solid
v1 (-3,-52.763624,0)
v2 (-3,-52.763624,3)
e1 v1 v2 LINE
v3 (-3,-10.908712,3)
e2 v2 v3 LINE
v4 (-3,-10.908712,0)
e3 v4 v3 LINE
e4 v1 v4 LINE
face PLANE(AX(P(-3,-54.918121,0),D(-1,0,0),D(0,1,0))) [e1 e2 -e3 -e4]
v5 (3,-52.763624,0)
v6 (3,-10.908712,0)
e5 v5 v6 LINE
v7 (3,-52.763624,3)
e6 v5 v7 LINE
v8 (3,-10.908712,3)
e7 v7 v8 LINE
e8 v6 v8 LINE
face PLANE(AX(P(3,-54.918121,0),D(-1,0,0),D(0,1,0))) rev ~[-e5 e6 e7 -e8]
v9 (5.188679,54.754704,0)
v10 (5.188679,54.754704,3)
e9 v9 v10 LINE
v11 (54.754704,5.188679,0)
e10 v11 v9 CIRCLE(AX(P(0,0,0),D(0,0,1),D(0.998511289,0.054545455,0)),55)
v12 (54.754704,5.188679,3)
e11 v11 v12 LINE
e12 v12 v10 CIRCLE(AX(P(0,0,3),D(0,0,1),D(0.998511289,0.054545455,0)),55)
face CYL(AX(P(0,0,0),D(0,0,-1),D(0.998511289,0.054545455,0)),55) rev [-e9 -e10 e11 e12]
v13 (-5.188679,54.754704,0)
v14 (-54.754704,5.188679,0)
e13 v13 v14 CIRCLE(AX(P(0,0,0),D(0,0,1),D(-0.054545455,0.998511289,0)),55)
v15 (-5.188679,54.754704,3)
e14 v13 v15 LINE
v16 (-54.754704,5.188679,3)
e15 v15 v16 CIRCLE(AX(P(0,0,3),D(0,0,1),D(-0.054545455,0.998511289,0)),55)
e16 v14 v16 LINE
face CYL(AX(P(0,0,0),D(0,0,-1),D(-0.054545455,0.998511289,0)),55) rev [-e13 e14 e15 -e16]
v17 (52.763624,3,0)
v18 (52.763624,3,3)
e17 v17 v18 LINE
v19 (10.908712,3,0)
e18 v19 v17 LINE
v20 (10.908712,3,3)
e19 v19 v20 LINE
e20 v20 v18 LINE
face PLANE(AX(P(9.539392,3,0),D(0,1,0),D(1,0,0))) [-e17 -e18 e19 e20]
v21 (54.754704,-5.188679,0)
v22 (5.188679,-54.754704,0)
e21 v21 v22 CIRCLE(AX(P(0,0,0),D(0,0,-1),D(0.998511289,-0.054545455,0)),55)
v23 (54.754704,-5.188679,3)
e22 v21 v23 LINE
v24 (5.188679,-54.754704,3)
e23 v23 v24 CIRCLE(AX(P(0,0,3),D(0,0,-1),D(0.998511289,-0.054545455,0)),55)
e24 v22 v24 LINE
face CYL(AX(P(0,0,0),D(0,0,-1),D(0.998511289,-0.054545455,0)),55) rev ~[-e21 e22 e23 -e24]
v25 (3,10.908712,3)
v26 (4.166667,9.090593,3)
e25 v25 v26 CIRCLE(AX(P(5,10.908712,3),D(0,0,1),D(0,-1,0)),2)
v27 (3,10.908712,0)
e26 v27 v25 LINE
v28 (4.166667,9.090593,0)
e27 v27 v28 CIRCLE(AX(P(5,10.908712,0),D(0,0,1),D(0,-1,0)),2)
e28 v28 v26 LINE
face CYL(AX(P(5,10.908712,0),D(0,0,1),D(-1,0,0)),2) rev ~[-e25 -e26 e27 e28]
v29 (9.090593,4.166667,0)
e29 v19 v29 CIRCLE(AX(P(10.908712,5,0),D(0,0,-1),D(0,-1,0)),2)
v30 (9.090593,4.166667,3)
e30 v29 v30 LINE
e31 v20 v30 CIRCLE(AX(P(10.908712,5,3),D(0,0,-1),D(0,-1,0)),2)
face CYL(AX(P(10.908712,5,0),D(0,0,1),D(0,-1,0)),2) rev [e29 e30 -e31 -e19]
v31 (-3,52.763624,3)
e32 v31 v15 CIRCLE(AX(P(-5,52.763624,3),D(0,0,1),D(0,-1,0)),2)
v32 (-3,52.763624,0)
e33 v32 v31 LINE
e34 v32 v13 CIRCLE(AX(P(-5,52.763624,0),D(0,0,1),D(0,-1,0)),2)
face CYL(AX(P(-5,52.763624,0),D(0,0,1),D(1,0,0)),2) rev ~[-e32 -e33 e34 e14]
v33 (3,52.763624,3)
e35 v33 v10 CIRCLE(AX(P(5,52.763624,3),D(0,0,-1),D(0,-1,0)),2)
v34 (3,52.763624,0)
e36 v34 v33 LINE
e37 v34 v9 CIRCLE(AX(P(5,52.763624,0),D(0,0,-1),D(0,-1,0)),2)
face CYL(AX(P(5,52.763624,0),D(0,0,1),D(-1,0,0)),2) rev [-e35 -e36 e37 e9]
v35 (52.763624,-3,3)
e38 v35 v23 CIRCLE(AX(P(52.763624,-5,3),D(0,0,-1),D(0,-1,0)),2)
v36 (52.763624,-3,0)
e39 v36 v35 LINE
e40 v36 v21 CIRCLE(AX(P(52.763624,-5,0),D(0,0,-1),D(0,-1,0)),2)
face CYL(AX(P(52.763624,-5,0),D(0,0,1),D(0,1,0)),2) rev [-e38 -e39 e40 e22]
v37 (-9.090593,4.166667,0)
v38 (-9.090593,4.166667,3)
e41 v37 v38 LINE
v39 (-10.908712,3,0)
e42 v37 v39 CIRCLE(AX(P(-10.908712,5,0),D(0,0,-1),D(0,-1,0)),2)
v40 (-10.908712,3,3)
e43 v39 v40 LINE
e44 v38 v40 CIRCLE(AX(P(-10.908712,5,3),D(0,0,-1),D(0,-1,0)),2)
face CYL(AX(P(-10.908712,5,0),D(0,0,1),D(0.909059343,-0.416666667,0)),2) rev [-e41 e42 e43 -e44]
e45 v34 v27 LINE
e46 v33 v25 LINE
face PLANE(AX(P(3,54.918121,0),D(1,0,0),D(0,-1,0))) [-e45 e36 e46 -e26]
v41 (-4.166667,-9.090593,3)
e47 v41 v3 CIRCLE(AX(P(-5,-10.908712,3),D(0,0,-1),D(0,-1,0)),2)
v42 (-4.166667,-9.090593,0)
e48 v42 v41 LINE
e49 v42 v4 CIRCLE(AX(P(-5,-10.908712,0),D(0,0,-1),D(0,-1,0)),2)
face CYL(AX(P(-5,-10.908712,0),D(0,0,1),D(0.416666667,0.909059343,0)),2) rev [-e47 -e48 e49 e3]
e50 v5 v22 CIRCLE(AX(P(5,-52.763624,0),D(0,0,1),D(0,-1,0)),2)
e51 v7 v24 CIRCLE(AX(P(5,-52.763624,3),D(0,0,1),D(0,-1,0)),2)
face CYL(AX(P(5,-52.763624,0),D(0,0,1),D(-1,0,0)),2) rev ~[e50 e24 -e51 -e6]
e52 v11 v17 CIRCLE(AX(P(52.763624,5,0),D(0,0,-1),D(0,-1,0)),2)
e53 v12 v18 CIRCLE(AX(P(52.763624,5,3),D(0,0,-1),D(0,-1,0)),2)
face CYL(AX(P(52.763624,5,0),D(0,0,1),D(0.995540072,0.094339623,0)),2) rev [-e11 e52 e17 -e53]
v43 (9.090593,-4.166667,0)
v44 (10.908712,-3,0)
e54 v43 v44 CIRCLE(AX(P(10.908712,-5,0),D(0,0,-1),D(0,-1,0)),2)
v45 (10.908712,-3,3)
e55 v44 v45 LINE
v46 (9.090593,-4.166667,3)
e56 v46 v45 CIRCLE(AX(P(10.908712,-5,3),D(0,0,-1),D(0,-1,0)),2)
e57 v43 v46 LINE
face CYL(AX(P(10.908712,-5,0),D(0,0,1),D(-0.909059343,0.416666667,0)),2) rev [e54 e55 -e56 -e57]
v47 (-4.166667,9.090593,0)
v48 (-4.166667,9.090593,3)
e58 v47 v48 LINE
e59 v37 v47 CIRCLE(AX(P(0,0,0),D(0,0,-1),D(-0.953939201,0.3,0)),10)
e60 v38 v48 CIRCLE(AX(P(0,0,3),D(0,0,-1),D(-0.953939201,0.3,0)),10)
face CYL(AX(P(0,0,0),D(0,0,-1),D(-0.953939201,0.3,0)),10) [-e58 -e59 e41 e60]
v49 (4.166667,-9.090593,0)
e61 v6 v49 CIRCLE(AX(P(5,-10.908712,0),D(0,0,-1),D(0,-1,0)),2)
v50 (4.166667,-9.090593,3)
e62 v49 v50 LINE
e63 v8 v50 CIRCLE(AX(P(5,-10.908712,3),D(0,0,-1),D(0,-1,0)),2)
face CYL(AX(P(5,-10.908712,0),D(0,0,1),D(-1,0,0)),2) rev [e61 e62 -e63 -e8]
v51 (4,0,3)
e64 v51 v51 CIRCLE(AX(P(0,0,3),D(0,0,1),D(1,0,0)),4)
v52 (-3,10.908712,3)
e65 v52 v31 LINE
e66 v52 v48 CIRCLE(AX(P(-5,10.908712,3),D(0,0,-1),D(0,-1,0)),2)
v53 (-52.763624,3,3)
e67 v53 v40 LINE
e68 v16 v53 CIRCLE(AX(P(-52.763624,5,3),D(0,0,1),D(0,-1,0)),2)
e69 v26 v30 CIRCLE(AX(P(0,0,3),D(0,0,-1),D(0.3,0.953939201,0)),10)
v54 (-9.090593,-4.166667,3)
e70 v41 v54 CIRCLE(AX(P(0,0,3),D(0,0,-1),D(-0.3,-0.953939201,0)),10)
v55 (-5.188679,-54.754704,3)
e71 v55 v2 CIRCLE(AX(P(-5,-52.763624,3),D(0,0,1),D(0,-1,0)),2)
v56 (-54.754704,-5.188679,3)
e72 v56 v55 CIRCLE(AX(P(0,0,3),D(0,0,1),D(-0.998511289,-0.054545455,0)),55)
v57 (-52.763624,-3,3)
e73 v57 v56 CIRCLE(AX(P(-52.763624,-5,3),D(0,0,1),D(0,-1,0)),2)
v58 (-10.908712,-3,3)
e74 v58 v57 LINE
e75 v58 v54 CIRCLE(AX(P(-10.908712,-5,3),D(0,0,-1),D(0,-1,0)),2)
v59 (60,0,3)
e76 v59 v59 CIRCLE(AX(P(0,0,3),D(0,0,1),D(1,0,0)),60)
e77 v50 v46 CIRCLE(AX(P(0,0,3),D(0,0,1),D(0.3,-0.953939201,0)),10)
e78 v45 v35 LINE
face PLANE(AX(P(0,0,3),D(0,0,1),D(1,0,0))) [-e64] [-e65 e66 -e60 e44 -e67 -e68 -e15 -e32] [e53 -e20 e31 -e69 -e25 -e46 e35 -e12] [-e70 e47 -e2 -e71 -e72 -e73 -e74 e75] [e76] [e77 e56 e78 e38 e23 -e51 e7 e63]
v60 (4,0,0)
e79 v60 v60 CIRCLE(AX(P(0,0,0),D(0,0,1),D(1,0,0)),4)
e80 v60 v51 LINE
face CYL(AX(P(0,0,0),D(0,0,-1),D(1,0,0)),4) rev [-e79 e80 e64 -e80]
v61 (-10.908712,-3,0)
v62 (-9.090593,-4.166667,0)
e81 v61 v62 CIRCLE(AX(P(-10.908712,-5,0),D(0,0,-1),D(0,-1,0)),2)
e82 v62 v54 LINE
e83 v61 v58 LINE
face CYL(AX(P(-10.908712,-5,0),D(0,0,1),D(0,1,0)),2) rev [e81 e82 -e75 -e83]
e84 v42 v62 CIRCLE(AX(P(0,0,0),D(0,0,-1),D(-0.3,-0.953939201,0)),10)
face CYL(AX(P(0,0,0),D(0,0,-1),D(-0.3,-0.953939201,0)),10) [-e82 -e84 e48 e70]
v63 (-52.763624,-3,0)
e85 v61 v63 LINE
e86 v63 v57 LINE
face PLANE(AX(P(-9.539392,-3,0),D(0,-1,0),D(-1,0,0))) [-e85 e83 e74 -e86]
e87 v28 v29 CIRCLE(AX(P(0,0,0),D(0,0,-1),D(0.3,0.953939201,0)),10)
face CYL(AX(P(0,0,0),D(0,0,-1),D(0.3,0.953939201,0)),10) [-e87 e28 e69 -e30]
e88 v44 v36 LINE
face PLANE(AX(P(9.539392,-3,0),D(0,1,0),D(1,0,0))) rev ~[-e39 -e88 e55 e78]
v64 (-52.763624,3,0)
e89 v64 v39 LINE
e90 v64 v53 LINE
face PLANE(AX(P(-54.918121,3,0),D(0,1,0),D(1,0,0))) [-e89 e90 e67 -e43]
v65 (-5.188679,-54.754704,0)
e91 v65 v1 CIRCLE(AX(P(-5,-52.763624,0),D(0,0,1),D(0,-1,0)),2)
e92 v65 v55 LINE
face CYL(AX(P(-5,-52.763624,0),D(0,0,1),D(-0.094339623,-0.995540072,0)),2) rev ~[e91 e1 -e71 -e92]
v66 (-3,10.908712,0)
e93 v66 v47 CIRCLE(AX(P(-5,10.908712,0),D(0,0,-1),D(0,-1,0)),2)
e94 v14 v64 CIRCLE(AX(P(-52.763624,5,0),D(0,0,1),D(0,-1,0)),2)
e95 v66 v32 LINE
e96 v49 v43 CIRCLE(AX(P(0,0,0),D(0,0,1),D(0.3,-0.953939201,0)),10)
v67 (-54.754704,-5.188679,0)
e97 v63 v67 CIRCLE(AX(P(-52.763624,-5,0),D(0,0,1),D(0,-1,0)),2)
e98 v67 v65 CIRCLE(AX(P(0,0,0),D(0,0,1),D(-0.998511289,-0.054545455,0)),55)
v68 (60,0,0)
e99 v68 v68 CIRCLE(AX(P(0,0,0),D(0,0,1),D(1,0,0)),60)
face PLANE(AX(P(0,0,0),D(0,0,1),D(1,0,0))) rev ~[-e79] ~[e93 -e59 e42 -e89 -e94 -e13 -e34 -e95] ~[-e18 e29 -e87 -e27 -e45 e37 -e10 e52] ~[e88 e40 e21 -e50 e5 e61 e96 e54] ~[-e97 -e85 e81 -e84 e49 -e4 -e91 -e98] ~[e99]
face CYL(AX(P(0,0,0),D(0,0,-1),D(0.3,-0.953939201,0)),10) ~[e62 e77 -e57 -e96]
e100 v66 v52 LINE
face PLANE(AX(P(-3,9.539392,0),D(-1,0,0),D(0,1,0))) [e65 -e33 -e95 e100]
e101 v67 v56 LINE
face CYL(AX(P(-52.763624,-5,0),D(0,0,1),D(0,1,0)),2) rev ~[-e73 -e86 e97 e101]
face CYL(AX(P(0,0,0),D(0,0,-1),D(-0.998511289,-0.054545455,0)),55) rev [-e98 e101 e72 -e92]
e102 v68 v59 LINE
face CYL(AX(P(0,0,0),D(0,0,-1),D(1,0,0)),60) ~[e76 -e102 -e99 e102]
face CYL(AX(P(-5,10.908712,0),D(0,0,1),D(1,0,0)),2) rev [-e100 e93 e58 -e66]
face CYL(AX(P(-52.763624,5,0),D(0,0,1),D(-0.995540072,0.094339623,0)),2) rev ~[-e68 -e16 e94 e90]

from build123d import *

# Parameters (mm, degrees)
SKETCH_1_R      = 60
SKETCH_1_R_2    = 4
EXTRUDE_1_DEPTH = 3
FILLET_1_R      = 2
FILLET_2_R      = 2
FILLET_4_R      = 2


with BuildPart() as part:
    # 草图1 → 凸台-拉伸1 (new body)
    with BuildSketch(Plane.XY):
        Circle(SKETCH_1_R)
        Circle(SKETCH_1_R_2, mode=Mode.SUBTRACT)
        with BuildLine():
            Line((3, 54.918120871), (3, 9.539392014))
            ThreePointArc((3, 9.539392014), (7.071067812, 7.071067812), (9.539392014, 3))
            Line((9.539392014, 3), (54.918120871, 3))
            ThreePointArc((54.918120871, 3), (38.890872965, 38.890872965), (3, 54.918120871))
        make_face(mode=Mode.SUBTRACT)
        with BuildLine():
            Line((-9.539392014, -3), (-54.918120871, -3))
            ThreePointArc((-54.918120871, -3), (-38.890872965, -38.890872965), (-3, -54.918120871))
            Line((-3, -54.918120871), (-3, -9.539392014))
            ThreePointArc((-3, -9.539392014), (-7.071067812, -7.071067812), (-9.539392014, -3))
        make_face(mode=Mode.SUBTRACT)
        with BuildLine():
            Line((9.539392014, -3), (54.918120871, -3))
            ThreePointArc((54.918120871, -3), (38.890872965, -38.890872965), (3, -54.918120871))
            Line((3, -54.918120871), (3, -9.539392014))
            ThreePointArc((3, -9.539392014), (7.071067812, -7.071067812), (9.539392014, -3))
        make_face(mode=Mode.SUBTRACT)
        with BuildLine():
            Line((-3, 9.539392014), (-3, 54.918120871))
            ThreePointArc((-3, 54.918120871), (-38.890872965, 38.890872965), (-54.918120871, 3))
            Line((-54.918120871, 3), (-9.539392014, 3))
            ThreePointArc((-9.539392014, 3), (-7.071067812, 7.071067812), (-3, 9.539392014))
        make_face(mode=Mode.SUBTRACT)
    extrude(amount=EXTRUDE_1_DEPTH)

    # 圆角1
    fillet_1_edges = [part.edges().sort_by_distance(p)[0] for p in [
        (3, 54.918120871, 1.5),
    ]]
    fillet(fillet_1_edges, radius=FILLET_1_R)

    # 圆角2
    fillet_2_edges = [part.edges().sort_by_distance(p)[0] for p in [
        (54.918120871, 3, 1.5),
        (3, -54.918120871, 1.5),
        (54.918120871, -3, 1.5),
        (-54.918120871, -3, 1.5),
        (-3, -54.918120871, 1.5),
        (-3, 54.918120871, 1.5),
        (-54.918120871, 3, 1.5),
    ]]
    fillet(fillet_2_edges, radius=FILLET_2_R)

    # 圆角4
    fillet_4_edges = [part.edges().sort_by_distance(p)[0] for p in [
        (3, 9.539392014, 1.5),
        (9.539392014, 3, 1.5),
        (9.539392014, -3, 1.5),
        (3, -9.539392014, 1.5),
        (-3, -9.539392014, 1.5),
        (-9.539392014, -3, 1.5),
        (-9.539392014, 3, 1.5),
        (-3, 9.539392014, 1.5),
    ]]
    fillet(fillet_4_edges, radius=FILLET_4_R)


solid = part.part
